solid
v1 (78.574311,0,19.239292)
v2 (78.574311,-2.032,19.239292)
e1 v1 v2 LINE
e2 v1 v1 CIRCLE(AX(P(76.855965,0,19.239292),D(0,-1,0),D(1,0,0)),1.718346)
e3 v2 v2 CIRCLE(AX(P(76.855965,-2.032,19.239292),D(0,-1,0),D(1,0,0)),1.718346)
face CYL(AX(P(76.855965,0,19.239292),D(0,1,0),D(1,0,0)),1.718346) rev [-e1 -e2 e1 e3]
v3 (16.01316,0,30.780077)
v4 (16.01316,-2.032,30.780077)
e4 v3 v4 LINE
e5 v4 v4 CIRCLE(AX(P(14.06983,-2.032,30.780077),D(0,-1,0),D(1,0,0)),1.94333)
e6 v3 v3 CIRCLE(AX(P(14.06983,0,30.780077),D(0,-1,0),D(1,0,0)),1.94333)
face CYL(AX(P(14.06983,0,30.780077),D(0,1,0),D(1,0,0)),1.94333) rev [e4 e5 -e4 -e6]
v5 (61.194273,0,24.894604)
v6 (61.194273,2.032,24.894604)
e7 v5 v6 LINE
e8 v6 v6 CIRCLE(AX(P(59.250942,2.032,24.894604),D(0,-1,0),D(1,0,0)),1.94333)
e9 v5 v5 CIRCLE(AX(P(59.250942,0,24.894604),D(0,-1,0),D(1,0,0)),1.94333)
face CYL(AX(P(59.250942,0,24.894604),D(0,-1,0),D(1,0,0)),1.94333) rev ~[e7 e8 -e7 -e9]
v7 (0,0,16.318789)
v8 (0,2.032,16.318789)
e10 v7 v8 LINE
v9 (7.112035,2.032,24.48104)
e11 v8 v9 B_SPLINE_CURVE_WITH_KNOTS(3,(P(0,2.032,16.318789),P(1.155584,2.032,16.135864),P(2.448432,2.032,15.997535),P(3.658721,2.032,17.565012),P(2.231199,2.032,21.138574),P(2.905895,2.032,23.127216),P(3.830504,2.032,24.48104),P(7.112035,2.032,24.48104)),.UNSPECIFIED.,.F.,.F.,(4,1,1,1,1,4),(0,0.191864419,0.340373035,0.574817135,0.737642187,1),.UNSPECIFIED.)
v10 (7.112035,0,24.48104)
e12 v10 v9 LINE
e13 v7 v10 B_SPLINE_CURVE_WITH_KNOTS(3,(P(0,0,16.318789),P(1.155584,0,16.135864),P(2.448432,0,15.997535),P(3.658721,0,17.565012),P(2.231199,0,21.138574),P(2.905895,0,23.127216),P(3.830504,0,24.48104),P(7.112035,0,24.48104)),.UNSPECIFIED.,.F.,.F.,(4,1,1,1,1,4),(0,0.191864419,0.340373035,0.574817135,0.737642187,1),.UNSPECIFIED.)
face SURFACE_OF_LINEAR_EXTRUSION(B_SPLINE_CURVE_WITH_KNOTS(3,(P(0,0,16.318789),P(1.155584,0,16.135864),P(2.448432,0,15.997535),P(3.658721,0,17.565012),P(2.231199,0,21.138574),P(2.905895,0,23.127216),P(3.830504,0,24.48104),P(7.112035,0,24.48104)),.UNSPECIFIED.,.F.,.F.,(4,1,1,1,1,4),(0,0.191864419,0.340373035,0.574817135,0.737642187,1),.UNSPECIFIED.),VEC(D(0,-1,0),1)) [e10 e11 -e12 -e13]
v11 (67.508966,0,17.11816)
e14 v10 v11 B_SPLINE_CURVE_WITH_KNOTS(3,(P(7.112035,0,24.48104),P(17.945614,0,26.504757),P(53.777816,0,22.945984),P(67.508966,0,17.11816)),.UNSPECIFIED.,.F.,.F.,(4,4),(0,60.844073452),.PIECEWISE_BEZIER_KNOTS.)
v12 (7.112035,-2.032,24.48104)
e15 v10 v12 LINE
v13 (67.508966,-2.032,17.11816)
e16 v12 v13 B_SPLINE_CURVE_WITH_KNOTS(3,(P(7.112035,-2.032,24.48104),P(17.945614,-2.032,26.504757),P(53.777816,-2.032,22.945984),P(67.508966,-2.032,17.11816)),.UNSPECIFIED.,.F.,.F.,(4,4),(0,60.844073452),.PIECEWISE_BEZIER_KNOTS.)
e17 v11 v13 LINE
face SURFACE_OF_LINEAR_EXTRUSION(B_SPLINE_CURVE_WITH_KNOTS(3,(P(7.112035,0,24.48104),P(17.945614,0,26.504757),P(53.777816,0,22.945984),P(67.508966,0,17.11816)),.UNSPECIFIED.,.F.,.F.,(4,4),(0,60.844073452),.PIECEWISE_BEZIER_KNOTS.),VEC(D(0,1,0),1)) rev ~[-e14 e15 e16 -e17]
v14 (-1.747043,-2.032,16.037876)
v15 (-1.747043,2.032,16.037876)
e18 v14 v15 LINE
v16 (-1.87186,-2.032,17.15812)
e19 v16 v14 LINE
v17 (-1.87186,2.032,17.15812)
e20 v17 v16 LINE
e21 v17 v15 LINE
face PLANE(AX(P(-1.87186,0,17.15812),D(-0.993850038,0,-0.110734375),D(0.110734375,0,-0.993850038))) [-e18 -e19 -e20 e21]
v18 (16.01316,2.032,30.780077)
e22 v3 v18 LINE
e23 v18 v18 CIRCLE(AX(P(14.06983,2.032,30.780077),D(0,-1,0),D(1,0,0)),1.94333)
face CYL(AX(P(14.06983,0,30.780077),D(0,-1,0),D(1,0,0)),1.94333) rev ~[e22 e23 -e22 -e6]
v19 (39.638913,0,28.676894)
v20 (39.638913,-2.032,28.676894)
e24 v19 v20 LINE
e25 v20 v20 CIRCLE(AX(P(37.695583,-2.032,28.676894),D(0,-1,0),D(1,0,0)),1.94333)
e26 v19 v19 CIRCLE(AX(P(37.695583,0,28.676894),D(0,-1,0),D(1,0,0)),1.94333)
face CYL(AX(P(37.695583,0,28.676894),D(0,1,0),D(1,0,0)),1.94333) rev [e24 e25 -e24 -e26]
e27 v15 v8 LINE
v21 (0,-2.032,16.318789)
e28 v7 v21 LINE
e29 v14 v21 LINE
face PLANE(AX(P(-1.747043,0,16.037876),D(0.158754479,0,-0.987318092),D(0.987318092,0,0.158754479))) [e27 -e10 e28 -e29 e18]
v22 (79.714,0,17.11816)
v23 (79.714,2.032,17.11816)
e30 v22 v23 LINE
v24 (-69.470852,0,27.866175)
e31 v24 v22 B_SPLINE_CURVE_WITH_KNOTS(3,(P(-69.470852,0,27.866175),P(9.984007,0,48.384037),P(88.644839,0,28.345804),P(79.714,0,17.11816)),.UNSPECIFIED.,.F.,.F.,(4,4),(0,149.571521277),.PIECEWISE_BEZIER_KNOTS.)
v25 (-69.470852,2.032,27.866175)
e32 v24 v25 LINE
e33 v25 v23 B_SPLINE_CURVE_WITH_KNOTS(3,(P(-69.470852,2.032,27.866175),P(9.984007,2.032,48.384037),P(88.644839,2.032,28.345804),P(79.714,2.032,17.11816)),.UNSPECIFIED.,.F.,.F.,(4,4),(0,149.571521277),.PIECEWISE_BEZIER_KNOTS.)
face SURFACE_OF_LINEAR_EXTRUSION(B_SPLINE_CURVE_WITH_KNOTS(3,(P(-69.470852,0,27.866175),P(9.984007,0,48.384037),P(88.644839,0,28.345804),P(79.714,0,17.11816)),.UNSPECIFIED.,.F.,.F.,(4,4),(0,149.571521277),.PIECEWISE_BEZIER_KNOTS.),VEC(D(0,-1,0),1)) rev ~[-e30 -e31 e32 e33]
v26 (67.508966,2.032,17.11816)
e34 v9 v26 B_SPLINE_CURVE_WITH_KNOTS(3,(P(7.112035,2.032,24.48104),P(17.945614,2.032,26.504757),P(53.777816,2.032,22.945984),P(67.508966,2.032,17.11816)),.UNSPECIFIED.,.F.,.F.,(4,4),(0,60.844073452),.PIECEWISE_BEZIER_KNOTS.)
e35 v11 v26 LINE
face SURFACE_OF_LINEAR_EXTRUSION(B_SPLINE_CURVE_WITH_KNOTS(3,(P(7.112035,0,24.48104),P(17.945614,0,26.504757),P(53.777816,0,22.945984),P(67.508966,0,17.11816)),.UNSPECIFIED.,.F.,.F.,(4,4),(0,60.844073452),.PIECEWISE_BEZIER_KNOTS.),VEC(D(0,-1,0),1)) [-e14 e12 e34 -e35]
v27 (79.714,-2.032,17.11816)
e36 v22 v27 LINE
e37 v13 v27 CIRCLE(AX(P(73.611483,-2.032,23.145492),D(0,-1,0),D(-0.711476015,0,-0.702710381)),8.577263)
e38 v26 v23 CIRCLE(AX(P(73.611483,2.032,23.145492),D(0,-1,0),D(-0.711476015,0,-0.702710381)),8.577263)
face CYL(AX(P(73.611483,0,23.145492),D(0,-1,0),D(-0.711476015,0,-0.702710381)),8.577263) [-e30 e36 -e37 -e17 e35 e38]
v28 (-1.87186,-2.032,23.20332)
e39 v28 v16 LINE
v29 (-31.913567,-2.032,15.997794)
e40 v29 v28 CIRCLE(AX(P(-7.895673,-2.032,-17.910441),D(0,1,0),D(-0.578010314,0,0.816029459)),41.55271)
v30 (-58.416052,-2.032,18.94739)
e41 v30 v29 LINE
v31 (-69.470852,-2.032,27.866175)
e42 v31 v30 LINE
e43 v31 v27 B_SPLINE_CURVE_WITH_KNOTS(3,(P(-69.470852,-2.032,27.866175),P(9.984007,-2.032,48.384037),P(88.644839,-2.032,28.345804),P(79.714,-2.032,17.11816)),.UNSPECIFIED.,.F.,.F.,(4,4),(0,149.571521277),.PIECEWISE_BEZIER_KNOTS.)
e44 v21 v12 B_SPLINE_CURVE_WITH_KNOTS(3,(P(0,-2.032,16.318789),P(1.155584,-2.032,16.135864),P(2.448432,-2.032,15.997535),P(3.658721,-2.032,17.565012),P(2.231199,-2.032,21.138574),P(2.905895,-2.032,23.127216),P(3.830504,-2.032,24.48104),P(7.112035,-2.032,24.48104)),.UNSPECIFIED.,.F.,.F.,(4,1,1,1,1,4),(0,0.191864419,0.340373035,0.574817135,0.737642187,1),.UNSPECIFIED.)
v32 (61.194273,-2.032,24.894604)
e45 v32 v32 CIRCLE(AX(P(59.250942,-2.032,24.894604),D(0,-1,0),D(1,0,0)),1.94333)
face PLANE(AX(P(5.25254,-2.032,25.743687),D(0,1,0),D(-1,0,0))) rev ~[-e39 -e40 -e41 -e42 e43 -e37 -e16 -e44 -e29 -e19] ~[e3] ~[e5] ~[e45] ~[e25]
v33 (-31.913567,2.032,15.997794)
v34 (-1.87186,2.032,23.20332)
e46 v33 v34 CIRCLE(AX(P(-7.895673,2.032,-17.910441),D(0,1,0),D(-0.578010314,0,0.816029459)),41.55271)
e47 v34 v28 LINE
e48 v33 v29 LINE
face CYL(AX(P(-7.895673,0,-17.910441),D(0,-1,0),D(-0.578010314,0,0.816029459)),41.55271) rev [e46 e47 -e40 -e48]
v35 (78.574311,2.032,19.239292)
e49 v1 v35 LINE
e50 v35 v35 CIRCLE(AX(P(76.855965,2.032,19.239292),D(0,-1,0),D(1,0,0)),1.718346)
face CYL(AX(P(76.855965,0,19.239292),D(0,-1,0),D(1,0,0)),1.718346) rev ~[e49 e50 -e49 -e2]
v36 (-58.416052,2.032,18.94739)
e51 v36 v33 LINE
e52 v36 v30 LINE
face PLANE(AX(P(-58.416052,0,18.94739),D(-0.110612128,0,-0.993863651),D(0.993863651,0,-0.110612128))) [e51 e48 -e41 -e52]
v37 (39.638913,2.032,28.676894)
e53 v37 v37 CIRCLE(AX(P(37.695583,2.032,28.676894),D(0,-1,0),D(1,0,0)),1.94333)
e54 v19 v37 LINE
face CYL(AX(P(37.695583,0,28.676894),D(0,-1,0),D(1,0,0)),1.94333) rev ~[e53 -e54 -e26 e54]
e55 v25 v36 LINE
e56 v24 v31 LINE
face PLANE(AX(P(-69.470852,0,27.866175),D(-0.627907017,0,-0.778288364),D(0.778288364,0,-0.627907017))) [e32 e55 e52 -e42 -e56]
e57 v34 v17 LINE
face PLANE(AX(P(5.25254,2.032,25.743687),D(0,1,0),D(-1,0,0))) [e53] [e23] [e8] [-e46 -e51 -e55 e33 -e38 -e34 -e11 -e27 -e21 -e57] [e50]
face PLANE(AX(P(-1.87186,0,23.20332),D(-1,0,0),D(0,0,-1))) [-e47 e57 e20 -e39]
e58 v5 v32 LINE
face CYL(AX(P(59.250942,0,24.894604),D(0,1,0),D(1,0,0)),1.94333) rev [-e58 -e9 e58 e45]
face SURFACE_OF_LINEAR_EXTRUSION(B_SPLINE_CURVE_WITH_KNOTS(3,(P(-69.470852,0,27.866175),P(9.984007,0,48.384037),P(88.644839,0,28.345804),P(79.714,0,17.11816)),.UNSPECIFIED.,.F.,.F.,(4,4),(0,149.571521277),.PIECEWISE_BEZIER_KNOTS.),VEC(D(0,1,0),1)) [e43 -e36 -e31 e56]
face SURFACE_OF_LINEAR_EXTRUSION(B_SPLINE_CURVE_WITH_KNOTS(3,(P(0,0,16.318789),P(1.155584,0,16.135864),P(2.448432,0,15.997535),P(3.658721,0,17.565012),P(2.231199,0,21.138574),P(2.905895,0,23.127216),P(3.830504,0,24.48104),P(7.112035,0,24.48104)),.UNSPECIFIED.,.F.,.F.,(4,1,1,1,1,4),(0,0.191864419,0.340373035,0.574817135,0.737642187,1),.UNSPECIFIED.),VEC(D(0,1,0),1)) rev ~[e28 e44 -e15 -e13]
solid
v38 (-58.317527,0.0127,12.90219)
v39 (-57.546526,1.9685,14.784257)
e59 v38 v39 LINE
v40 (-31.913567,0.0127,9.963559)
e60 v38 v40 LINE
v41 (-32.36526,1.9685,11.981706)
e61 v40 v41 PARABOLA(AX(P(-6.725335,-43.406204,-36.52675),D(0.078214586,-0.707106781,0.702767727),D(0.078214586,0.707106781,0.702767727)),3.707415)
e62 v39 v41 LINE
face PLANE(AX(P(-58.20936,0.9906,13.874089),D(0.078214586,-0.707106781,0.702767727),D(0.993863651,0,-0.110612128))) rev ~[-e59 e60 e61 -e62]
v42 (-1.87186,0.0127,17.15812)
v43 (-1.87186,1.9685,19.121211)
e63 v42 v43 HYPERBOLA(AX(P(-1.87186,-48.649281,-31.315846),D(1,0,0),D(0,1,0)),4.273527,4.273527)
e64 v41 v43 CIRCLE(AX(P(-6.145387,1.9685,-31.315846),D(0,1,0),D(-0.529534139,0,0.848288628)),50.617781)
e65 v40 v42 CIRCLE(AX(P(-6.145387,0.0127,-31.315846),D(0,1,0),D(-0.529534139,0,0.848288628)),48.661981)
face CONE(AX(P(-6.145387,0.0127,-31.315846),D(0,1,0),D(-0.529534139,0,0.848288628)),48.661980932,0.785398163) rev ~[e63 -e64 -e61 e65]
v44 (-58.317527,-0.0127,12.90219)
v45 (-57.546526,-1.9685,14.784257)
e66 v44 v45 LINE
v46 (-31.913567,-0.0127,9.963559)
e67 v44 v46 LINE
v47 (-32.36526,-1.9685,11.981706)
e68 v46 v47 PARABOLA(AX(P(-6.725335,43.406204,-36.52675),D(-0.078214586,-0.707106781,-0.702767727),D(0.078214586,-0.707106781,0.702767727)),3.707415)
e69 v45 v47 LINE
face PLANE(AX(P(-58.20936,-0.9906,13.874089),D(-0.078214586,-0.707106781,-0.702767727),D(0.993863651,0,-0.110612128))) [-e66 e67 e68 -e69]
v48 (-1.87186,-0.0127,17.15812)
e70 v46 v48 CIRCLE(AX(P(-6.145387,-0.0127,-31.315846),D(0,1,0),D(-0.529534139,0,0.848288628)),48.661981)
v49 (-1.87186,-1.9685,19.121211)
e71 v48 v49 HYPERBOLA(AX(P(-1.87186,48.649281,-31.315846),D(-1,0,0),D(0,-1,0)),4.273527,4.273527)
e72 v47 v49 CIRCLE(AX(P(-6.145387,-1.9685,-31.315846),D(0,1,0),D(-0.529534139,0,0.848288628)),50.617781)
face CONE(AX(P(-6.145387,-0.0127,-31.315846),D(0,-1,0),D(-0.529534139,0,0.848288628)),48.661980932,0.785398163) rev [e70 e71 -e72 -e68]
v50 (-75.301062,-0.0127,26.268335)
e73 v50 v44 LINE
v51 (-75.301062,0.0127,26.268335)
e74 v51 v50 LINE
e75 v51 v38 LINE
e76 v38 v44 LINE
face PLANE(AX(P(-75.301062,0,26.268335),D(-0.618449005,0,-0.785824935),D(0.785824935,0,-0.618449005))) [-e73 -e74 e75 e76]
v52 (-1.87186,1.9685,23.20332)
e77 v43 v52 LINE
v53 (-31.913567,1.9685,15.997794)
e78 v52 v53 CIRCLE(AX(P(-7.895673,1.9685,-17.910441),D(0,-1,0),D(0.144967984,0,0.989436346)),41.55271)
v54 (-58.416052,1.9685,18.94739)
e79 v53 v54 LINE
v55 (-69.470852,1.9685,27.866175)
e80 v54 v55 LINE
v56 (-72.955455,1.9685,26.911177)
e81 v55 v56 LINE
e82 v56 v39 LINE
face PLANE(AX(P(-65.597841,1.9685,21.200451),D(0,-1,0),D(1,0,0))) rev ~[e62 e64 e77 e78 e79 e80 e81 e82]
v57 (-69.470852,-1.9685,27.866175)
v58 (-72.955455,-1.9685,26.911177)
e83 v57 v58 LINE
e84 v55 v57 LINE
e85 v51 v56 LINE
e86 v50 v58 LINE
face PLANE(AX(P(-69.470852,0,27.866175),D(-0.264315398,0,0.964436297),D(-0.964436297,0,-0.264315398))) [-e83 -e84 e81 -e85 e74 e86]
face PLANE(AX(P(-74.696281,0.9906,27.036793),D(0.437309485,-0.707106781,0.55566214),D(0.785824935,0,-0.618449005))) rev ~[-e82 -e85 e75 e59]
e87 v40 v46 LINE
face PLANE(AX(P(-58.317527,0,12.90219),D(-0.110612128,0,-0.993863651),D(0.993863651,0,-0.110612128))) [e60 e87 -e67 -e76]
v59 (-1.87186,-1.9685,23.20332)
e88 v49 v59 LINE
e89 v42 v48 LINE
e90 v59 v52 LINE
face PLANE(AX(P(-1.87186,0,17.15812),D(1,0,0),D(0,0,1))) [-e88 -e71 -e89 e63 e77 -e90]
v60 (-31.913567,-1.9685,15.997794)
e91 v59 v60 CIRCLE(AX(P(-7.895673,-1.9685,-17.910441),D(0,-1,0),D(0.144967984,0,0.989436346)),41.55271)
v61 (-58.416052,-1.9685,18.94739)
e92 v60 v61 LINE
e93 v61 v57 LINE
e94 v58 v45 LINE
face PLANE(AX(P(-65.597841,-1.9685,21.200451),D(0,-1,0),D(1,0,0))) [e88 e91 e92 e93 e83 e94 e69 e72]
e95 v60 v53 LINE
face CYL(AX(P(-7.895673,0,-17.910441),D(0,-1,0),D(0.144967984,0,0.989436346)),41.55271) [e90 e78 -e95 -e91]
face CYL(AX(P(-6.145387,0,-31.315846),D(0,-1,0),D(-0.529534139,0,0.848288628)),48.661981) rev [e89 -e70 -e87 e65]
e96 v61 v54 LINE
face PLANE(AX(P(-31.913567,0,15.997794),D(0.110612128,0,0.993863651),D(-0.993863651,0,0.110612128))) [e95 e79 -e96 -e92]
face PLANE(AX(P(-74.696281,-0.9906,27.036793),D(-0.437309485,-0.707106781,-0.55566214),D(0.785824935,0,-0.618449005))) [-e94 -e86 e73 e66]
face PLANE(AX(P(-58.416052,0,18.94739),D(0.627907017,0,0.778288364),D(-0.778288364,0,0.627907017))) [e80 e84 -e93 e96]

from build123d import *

# Parameters (mm, degrees)
F0_R     = 1.7183462858
F0_R_2   = 1.9433304257
F1_DEPTH = 2.032
F2_DEPTH = 1.9685
F3_SIZE  = 1.9558


with BuildPart() as f1:
    # F0 (on Front) → F1 (new body, symmetric)
    with BuildSketch(Plane.XZ):
        with BuildLine():
            add(Edge.make_bspline(
                [(-69.4708521305, 27.8661746463), (9.9840074996, 48.3840374301), (88.6448394765, 28.3458042164), (79.7140001511, 17.11815963)],
                knots=[0, 0, 0, 0, 149.5715212769, 149.5715212769, 149.5715212769, 149.5715212769], degree=3))
            Line((-69.4708521305, 27.8661746463), (-58.416051983, 18.9473896535))
            Line((-58.416051983, 18.9473896535), (-31.9135673344, 15.9977936665))
            ThreePointArc((-31.9135673344, 15.9977936665), (-17.587248866, 22.496253846), (-1.8718601204, 23.2033197119))
            Line((-1.8718601204, 23.2033197119), (-1.8718601204, 17.1581197119))
            Line((-1.8718601204, 17.1581197119), (-1.7470429884, 16.0378757864))
            Line((-1.7470429884, 16.0378757864), (0, 16.3187892042))
            add(Edge.make_bspline(
                [(0, 16.3187892042), (1.1555836561, 16.1358642079), (2.4484324817, 15.997535248), (3.6587214867, 17.5650119091), (2.2311991111, 21.138574202), (2.905895152, 23.1272157659), (3.8305041791, 24.4810397347), (7.1120347588, 24.4810397347)],
                knots=[0, 0, 0, 0, 0.1918644192, 0.3403730345, 0.5748171352, 0.7376421873, 1, 1, 1, 1], degree=3))
            add(Edge.make_bspline(
                [(7.1120347588, 24.4810397347), (17.9456137121, 26.5047568312), (53.7778158942, 22.9459838156), (67.5089657307, 17.11815963)],
                knots=[0, 0, 0, 0, 60.8440734522, 60.8440734522, 60.8440734522, 60.8440734522], degree=3))
            ThreePointArc((67.5089657307, 17.11815963), (73.6114829409, 14.5682282529), (79.7140001511, 17.11815963))
        make_face()
        with Locations((76.8559649587, 19.2392915487)):
            Circle(F0_R, mode=Mode.SUBTRACT)
        with Locations((37.6955829561, 28.6768935621)):
            Circle(F0_R_2, mode=Mode.SUBTRACT)
        with Locations((59.2509422454, 24.8946035713)):
            Circle(F0_R_2, mode=Mode.SUBTRACT)
        with Locations((14.0698300675, 30.7800769806)):
            Circle(F0_R_2, mode=Mode.SUBTRACT)
    extrude(amount=F1_DEPTH, both=True)


with BuildPart() as f2:
    # F0 (on Front) → F2 (new body, symmetric)
    with BuildSketch(Plane.XZ):
        Polygon((-58.416051983, 18.9473896535), (-69.4708521305, 27.8661746463), (-75.3010624319, 26.2683352044), (-58.3175272241, 12.9021896535), align=None)
        Polygon((-31.9135673344, 15.9977936665), (-58.416051983, 18.9473896535), (-58.3175272241, 12.9021896535), (-31.9135673344, 9.9635589868), align=None)
        with BuildLine():
            ThreePointArc((-1.8718601204, 23.2033197119), (-17.587248866, 22.496253846), (-31.9135673344, 15.9977936665))
            Line((-31.9135673344, 15.9977936665), (-31.9135673344, 9.9635589868))
            ThreePointArc((-31.9135673344, 9.9635589868), (-17.478765048, 16.0079633445), (-1.8718601204, 17.1581197119))
            Line((-1.8718601204, 17.1581197119), (-1.8718601204, 23.2033197119))
        make_face()
    extrude(amount=F2_DEPTH, both=True)

    # F3
    f3_edges = [f2.edges().sort_by_distance(p)[0] for p in [
        (-17.478765, -1.9685, 16.007963),
        (-17.478765, 1.9685, 16.007963),
        (-45.115547, -1.9685, 11.432874),
        (-45.115547, 1.9685, 11.432874),
        (-66.809295, -1.9685, 19.585262),
        (-66.809295, 1.9685, 19.585262),
    ]]
    chamfer(f3_edges, length=F3_SIZE)


solid = Compound([f1.part, f2.part])
